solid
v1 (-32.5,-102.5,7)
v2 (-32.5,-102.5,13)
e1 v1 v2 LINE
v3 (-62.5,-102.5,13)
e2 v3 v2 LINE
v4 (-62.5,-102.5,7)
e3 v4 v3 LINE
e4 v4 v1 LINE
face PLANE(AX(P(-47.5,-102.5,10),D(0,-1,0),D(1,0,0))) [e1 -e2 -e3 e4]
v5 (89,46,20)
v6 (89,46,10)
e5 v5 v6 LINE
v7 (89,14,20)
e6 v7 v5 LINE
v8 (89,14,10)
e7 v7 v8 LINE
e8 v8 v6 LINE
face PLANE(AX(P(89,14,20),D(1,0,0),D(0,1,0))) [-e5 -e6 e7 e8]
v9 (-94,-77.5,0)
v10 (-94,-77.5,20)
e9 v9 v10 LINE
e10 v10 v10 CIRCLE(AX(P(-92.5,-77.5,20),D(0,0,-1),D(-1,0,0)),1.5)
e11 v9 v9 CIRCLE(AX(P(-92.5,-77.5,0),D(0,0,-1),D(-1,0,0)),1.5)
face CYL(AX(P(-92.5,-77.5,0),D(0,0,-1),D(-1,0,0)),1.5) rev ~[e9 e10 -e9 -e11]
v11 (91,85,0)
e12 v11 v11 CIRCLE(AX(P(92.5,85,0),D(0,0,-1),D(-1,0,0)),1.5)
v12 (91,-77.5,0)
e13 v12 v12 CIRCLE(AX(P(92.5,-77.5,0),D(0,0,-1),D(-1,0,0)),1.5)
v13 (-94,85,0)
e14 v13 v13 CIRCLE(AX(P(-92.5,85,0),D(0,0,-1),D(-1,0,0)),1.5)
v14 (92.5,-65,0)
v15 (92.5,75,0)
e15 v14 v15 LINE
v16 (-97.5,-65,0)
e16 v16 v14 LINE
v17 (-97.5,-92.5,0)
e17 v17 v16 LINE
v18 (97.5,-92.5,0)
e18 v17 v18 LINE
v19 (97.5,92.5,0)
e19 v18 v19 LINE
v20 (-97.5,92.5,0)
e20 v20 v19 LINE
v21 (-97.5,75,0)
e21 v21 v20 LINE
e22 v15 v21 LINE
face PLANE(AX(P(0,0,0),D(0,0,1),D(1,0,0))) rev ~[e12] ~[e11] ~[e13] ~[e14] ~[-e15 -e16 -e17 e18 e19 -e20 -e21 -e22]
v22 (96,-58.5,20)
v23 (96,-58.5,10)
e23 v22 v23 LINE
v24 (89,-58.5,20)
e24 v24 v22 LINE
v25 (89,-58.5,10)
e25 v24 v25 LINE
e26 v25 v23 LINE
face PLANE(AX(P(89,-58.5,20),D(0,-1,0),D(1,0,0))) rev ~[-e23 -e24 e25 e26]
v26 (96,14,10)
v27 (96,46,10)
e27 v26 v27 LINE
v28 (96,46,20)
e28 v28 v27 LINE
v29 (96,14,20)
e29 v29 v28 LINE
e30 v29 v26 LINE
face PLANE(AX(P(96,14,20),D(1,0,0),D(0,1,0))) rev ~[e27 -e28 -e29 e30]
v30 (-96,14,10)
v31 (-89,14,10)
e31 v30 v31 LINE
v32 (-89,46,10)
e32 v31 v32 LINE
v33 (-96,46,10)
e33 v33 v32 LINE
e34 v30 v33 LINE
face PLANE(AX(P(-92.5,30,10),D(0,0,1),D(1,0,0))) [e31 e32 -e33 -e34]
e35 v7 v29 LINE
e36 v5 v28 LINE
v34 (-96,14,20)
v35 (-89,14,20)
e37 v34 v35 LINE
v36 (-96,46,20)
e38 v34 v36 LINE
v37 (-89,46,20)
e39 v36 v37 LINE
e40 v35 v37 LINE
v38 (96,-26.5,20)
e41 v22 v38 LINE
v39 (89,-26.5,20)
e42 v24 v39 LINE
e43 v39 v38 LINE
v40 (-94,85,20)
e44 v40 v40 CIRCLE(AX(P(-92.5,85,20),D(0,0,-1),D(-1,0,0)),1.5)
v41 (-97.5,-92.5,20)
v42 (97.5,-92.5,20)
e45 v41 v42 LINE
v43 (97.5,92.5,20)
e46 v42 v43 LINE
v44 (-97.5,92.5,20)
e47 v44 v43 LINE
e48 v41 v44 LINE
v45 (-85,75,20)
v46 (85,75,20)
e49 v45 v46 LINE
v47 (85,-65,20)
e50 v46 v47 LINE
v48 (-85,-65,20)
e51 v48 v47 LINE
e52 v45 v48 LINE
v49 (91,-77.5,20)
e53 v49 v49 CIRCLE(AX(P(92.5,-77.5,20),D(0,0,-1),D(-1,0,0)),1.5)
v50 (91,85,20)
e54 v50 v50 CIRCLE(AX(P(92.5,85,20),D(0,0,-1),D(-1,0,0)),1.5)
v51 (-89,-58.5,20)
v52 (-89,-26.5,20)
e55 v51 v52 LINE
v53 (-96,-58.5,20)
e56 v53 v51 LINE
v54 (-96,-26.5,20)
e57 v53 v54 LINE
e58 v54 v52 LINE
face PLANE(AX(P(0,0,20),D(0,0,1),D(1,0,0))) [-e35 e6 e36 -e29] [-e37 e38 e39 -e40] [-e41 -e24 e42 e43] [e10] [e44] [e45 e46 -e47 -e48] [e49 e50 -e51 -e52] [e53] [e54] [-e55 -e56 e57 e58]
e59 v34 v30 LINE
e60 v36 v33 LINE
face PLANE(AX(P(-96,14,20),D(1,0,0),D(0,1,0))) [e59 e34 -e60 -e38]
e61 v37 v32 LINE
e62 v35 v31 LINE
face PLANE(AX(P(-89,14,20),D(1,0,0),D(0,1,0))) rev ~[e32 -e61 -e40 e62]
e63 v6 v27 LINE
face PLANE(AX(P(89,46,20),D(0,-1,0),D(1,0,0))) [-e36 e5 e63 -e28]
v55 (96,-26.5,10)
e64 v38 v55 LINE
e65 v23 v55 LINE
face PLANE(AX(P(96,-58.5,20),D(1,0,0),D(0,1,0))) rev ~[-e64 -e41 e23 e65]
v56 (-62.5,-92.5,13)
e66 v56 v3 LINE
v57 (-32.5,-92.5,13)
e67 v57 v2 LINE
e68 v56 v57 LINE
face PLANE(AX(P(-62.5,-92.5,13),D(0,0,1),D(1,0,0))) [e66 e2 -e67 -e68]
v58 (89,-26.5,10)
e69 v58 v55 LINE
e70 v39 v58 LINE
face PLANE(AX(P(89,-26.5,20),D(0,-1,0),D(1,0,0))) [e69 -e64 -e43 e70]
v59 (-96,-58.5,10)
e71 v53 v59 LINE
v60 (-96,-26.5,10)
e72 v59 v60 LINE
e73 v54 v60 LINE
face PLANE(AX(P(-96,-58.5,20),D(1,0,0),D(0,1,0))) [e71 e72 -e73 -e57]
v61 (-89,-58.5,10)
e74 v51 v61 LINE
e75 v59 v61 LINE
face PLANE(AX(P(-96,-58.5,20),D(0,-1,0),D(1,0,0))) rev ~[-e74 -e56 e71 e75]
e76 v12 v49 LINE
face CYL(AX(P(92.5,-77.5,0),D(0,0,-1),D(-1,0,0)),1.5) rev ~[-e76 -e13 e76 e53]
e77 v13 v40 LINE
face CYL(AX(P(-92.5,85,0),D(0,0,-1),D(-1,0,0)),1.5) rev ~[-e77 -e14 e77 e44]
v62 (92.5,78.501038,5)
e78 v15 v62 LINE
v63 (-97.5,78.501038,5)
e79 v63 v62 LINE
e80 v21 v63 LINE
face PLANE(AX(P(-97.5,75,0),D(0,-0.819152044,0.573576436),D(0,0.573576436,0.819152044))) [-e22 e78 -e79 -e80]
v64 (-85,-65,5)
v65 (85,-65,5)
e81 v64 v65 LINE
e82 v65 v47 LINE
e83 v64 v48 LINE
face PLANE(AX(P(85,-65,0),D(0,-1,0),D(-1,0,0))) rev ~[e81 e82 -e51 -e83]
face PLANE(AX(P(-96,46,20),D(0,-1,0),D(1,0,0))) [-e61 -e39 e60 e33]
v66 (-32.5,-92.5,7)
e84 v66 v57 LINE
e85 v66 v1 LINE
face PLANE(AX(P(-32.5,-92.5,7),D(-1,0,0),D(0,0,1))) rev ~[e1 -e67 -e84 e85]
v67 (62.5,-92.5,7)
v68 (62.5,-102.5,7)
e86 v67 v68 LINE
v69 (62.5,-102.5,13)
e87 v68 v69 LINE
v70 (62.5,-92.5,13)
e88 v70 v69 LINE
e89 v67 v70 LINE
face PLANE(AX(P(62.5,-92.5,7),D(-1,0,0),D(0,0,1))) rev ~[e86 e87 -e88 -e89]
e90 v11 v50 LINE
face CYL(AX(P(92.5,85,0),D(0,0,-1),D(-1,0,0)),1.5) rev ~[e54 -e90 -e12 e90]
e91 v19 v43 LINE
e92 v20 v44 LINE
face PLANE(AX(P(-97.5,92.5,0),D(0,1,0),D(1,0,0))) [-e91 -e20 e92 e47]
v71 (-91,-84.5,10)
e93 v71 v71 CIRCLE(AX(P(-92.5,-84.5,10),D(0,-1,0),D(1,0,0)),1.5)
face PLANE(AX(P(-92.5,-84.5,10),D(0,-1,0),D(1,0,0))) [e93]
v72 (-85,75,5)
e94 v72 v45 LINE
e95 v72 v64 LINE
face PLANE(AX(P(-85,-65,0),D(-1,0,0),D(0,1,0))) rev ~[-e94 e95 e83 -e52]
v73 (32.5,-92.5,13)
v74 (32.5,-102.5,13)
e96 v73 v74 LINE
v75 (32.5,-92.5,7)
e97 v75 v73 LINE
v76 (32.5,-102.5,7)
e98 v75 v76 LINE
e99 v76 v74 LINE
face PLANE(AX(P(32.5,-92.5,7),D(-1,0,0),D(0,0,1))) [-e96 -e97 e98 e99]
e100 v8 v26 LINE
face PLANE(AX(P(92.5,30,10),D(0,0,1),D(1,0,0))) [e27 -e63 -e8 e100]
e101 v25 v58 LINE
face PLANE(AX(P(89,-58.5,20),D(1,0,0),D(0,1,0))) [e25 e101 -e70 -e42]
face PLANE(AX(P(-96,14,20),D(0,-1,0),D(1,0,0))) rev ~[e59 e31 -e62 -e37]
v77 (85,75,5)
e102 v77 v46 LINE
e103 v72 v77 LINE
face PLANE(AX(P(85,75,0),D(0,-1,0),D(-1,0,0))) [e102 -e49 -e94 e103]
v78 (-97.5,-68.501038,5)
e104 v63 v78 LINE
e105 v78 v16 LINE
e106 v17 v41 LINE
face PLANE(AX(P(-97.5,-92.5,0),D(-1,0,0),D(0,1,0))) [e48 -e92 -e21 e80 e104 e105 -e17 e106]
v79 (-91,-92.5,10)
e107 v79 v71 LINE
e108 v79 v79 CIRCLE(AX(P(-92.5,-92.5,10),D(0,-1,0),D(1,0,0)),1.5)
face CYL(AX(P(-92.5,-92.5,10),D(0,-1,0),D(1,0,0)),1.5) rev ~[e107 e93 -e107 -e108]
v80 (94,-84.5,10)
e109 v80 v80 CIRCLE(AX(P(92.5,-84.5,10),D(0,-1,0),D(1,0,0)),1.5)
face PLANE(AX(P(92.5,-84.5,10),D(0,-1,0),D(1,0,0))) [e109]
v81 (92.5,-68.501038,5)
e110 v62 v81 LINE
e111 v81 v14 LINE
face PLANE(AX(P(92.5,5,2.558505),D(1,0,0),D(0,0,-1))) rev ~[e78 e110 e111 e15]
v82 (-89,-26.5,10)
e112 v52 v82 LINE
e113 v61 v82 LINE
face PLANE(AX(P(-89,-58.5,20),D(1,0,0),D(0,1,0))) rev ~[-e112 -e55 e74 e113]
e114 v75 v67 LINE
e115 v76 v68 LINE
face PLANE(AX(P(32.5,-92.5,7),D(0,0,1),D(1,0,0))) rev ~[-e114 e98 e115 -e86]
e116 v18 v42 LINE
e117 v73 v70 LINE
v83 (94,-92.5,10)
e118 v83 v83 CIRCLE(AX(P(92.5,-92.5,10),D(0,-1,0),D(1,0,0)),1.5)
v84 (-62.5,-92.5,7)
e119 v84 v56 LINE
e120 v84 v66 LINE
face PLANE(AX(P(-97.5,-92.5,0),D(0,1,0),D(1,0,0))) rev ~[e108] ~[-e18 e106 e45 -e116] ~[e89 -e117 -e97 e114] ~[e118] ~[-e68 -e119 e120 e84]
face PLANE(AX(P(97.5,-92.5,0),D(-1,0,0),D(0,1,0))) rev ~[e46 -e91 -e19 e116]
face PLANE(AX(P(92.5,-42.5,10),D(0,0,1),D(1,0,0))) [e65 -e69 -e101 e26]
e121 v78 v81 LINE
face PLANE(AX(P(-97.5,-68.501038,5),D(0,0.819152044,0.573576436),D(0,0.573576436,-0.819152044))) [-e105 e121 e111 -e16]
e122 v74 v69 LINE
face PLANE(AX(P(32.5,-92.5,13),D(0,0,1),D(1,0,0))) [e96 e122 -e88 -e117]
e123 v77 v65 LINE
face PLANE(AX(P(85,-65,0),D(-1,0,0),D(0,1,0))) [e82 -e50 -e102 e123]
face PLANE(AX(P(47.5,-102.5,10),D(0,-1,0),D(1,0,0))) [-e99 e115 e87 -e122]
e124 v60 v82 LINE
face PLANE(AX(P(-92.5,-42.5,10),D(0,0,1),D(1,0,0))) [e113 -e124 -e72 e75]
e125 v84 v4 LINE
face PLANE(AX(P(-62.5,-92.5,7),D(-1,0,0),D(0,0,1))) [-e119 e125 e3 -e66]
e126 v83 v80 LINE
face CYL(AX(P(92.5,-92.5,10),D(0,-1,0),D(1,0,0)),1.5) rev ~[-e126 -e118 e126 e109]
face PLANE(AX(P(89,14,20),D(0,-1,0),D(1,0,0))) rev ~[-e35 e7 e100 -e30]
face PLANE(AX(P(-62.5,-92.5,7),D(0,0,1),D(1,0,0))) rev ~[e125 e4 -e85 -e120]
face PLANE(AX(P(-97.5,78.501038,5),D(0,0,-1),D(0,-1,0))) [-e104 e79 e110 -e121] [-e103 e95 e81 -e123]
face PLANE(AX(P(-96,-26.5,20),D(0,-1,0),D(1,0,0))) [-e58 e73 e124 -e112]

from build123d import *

# Parameters (mm, degrees)
ESBO_O1_W                = 195
ESBO_O1_H                = 185
RESSALTO_EXTRUS_O1_DEPTH = 20
ESBO_O2_W                = 30
ESBO_O2_H                = 6
RESSALTO_EXTRUS_O2_DEPTH = 10
ESBO_O3_W                = 7
ESBO_O3_H                = 32
CORTE_EXTRUS_O1_DEPTH    = 10
ESBO_O5_R                = 1.5
CORTE_EXTRUS_O3_DEPTH    = 8
ESBO_O6_R                = 1.5
CORTE_EXTRUS_O4_DEPTH    = 21
ESBO_O8_W                = 170
ESBO_O8_H                = 140
CORTE_EXTRUS_O6_DEPTH    = 21
CORTE_EXTRUS_O7_DEPTH    = 190


with BuildPart() as part:
    # Esboço1 → Ressalto-extrusão1 (new body)
    with BuildSketch(Plane.XY):
        Rectangle(ESBO_O1_W, ESBO_O1_H)
    extrude(amount=RESSALTO_EXTRUS_O1_DEPTH)

    # Esboço2 → Ressalto-extrusão2 (add)
    with BuildSketch(Plane.XZ.offset(92.5)):
        with Locations((-47.5, 10)):
            Rectangle(ESBO_O2_W, ESBO_O2_H)
        with Locations((47.5, 10)):
            Rectangle(ESBO_O2_W, ESBO_O2_H)
    extrude(amount=RESSALTO_EXTRUS_O2_DEPTH)

    # Esboço3 → Corte-extrusão1 (cut)
    with BuildSketch(Plane.XY.offset(20)):
        with Locations((-92.5, 30)):
            Rectangle(ESBO_O3_W, ESBO_O3_H)
        with Locations((-92.5, -42.5)):
            Rectangle(ESBO_O3_W, ESBO_O3_H)
        with Locations((92.5, -42.5)):
            Rectangle(ESBO_O3_W, ESBO_O3_H)
        with Locations((92.5, 30)):
            Rectangle(ESBO_O3_W, ESBO_O3_H)
    extrude(amount=-CORTE_EXTRUS_O1_DEPTH, mode=Mode.SUBTRACT)

    # Esboço5 → Corte-extrusão3 (cut)
    with BuildSketch(Plane.XZ.offset(92.5)):
        with Locations((-92.5, 10)):
            Circle(ESBO_O5_R)
        with Locations((92.5, 10)):
            Circle(ESBO_O5_R)
    extrude(amount=-CORTE_EXTRUS_O3_DEPTH, mode=Mode.SUBTRACT)

    # Esboço6 → Corte-extrusão4 (cut, through all)
    with BuildSketch(Plane(origin=(0, 0, 0), x_dir=(-1, 0, 0), z_dir=(0, 0, -1))):
        with Locations((-92.5, 85)):
            Circle(ESBO_O6_R)
        with Locations((92.5, 85)):
            Circle(ESBO_O6_R)
        with Locations((-92.5, -77.5)):
            Circle(ESBO_O6_R)
        with Locations((92.5, -77.5)):
            Circle(ESBO_O6_R)
    extrude(amount=-CORTE_EXTRUS_O4_DEPTH, mode=Mode.SUBTRACT)

    # Esboço8 → Corte-extrusão6 (cut, through all)
    with BuildSketch(Plane(origin=(0, 0, 0), x_dir=(-1, 0, 0), z_dir=(0, 0, -1))):
        with Locations((0, 5)):
            Rectangle(ESBO_O8_W, ESBO_O8_H)
    extrude(amount=-CORTE_EXTRUS_O6_DEPTH, mode=Mode.SUBTRACT)

    # Esboço9 → Corte-extrusão7 (cut)
    with BuildSketch(Plane.ZY.offset(97.5)):
        Polygon((0, -65), (0, 75), (5, 78.501037691), (5, -68.501037691), align=None)
    extrude(amount=-CORTE_EXTRUS_O7_DEPTH, mode=Mode.SUBTRACT)


solid = part.part
